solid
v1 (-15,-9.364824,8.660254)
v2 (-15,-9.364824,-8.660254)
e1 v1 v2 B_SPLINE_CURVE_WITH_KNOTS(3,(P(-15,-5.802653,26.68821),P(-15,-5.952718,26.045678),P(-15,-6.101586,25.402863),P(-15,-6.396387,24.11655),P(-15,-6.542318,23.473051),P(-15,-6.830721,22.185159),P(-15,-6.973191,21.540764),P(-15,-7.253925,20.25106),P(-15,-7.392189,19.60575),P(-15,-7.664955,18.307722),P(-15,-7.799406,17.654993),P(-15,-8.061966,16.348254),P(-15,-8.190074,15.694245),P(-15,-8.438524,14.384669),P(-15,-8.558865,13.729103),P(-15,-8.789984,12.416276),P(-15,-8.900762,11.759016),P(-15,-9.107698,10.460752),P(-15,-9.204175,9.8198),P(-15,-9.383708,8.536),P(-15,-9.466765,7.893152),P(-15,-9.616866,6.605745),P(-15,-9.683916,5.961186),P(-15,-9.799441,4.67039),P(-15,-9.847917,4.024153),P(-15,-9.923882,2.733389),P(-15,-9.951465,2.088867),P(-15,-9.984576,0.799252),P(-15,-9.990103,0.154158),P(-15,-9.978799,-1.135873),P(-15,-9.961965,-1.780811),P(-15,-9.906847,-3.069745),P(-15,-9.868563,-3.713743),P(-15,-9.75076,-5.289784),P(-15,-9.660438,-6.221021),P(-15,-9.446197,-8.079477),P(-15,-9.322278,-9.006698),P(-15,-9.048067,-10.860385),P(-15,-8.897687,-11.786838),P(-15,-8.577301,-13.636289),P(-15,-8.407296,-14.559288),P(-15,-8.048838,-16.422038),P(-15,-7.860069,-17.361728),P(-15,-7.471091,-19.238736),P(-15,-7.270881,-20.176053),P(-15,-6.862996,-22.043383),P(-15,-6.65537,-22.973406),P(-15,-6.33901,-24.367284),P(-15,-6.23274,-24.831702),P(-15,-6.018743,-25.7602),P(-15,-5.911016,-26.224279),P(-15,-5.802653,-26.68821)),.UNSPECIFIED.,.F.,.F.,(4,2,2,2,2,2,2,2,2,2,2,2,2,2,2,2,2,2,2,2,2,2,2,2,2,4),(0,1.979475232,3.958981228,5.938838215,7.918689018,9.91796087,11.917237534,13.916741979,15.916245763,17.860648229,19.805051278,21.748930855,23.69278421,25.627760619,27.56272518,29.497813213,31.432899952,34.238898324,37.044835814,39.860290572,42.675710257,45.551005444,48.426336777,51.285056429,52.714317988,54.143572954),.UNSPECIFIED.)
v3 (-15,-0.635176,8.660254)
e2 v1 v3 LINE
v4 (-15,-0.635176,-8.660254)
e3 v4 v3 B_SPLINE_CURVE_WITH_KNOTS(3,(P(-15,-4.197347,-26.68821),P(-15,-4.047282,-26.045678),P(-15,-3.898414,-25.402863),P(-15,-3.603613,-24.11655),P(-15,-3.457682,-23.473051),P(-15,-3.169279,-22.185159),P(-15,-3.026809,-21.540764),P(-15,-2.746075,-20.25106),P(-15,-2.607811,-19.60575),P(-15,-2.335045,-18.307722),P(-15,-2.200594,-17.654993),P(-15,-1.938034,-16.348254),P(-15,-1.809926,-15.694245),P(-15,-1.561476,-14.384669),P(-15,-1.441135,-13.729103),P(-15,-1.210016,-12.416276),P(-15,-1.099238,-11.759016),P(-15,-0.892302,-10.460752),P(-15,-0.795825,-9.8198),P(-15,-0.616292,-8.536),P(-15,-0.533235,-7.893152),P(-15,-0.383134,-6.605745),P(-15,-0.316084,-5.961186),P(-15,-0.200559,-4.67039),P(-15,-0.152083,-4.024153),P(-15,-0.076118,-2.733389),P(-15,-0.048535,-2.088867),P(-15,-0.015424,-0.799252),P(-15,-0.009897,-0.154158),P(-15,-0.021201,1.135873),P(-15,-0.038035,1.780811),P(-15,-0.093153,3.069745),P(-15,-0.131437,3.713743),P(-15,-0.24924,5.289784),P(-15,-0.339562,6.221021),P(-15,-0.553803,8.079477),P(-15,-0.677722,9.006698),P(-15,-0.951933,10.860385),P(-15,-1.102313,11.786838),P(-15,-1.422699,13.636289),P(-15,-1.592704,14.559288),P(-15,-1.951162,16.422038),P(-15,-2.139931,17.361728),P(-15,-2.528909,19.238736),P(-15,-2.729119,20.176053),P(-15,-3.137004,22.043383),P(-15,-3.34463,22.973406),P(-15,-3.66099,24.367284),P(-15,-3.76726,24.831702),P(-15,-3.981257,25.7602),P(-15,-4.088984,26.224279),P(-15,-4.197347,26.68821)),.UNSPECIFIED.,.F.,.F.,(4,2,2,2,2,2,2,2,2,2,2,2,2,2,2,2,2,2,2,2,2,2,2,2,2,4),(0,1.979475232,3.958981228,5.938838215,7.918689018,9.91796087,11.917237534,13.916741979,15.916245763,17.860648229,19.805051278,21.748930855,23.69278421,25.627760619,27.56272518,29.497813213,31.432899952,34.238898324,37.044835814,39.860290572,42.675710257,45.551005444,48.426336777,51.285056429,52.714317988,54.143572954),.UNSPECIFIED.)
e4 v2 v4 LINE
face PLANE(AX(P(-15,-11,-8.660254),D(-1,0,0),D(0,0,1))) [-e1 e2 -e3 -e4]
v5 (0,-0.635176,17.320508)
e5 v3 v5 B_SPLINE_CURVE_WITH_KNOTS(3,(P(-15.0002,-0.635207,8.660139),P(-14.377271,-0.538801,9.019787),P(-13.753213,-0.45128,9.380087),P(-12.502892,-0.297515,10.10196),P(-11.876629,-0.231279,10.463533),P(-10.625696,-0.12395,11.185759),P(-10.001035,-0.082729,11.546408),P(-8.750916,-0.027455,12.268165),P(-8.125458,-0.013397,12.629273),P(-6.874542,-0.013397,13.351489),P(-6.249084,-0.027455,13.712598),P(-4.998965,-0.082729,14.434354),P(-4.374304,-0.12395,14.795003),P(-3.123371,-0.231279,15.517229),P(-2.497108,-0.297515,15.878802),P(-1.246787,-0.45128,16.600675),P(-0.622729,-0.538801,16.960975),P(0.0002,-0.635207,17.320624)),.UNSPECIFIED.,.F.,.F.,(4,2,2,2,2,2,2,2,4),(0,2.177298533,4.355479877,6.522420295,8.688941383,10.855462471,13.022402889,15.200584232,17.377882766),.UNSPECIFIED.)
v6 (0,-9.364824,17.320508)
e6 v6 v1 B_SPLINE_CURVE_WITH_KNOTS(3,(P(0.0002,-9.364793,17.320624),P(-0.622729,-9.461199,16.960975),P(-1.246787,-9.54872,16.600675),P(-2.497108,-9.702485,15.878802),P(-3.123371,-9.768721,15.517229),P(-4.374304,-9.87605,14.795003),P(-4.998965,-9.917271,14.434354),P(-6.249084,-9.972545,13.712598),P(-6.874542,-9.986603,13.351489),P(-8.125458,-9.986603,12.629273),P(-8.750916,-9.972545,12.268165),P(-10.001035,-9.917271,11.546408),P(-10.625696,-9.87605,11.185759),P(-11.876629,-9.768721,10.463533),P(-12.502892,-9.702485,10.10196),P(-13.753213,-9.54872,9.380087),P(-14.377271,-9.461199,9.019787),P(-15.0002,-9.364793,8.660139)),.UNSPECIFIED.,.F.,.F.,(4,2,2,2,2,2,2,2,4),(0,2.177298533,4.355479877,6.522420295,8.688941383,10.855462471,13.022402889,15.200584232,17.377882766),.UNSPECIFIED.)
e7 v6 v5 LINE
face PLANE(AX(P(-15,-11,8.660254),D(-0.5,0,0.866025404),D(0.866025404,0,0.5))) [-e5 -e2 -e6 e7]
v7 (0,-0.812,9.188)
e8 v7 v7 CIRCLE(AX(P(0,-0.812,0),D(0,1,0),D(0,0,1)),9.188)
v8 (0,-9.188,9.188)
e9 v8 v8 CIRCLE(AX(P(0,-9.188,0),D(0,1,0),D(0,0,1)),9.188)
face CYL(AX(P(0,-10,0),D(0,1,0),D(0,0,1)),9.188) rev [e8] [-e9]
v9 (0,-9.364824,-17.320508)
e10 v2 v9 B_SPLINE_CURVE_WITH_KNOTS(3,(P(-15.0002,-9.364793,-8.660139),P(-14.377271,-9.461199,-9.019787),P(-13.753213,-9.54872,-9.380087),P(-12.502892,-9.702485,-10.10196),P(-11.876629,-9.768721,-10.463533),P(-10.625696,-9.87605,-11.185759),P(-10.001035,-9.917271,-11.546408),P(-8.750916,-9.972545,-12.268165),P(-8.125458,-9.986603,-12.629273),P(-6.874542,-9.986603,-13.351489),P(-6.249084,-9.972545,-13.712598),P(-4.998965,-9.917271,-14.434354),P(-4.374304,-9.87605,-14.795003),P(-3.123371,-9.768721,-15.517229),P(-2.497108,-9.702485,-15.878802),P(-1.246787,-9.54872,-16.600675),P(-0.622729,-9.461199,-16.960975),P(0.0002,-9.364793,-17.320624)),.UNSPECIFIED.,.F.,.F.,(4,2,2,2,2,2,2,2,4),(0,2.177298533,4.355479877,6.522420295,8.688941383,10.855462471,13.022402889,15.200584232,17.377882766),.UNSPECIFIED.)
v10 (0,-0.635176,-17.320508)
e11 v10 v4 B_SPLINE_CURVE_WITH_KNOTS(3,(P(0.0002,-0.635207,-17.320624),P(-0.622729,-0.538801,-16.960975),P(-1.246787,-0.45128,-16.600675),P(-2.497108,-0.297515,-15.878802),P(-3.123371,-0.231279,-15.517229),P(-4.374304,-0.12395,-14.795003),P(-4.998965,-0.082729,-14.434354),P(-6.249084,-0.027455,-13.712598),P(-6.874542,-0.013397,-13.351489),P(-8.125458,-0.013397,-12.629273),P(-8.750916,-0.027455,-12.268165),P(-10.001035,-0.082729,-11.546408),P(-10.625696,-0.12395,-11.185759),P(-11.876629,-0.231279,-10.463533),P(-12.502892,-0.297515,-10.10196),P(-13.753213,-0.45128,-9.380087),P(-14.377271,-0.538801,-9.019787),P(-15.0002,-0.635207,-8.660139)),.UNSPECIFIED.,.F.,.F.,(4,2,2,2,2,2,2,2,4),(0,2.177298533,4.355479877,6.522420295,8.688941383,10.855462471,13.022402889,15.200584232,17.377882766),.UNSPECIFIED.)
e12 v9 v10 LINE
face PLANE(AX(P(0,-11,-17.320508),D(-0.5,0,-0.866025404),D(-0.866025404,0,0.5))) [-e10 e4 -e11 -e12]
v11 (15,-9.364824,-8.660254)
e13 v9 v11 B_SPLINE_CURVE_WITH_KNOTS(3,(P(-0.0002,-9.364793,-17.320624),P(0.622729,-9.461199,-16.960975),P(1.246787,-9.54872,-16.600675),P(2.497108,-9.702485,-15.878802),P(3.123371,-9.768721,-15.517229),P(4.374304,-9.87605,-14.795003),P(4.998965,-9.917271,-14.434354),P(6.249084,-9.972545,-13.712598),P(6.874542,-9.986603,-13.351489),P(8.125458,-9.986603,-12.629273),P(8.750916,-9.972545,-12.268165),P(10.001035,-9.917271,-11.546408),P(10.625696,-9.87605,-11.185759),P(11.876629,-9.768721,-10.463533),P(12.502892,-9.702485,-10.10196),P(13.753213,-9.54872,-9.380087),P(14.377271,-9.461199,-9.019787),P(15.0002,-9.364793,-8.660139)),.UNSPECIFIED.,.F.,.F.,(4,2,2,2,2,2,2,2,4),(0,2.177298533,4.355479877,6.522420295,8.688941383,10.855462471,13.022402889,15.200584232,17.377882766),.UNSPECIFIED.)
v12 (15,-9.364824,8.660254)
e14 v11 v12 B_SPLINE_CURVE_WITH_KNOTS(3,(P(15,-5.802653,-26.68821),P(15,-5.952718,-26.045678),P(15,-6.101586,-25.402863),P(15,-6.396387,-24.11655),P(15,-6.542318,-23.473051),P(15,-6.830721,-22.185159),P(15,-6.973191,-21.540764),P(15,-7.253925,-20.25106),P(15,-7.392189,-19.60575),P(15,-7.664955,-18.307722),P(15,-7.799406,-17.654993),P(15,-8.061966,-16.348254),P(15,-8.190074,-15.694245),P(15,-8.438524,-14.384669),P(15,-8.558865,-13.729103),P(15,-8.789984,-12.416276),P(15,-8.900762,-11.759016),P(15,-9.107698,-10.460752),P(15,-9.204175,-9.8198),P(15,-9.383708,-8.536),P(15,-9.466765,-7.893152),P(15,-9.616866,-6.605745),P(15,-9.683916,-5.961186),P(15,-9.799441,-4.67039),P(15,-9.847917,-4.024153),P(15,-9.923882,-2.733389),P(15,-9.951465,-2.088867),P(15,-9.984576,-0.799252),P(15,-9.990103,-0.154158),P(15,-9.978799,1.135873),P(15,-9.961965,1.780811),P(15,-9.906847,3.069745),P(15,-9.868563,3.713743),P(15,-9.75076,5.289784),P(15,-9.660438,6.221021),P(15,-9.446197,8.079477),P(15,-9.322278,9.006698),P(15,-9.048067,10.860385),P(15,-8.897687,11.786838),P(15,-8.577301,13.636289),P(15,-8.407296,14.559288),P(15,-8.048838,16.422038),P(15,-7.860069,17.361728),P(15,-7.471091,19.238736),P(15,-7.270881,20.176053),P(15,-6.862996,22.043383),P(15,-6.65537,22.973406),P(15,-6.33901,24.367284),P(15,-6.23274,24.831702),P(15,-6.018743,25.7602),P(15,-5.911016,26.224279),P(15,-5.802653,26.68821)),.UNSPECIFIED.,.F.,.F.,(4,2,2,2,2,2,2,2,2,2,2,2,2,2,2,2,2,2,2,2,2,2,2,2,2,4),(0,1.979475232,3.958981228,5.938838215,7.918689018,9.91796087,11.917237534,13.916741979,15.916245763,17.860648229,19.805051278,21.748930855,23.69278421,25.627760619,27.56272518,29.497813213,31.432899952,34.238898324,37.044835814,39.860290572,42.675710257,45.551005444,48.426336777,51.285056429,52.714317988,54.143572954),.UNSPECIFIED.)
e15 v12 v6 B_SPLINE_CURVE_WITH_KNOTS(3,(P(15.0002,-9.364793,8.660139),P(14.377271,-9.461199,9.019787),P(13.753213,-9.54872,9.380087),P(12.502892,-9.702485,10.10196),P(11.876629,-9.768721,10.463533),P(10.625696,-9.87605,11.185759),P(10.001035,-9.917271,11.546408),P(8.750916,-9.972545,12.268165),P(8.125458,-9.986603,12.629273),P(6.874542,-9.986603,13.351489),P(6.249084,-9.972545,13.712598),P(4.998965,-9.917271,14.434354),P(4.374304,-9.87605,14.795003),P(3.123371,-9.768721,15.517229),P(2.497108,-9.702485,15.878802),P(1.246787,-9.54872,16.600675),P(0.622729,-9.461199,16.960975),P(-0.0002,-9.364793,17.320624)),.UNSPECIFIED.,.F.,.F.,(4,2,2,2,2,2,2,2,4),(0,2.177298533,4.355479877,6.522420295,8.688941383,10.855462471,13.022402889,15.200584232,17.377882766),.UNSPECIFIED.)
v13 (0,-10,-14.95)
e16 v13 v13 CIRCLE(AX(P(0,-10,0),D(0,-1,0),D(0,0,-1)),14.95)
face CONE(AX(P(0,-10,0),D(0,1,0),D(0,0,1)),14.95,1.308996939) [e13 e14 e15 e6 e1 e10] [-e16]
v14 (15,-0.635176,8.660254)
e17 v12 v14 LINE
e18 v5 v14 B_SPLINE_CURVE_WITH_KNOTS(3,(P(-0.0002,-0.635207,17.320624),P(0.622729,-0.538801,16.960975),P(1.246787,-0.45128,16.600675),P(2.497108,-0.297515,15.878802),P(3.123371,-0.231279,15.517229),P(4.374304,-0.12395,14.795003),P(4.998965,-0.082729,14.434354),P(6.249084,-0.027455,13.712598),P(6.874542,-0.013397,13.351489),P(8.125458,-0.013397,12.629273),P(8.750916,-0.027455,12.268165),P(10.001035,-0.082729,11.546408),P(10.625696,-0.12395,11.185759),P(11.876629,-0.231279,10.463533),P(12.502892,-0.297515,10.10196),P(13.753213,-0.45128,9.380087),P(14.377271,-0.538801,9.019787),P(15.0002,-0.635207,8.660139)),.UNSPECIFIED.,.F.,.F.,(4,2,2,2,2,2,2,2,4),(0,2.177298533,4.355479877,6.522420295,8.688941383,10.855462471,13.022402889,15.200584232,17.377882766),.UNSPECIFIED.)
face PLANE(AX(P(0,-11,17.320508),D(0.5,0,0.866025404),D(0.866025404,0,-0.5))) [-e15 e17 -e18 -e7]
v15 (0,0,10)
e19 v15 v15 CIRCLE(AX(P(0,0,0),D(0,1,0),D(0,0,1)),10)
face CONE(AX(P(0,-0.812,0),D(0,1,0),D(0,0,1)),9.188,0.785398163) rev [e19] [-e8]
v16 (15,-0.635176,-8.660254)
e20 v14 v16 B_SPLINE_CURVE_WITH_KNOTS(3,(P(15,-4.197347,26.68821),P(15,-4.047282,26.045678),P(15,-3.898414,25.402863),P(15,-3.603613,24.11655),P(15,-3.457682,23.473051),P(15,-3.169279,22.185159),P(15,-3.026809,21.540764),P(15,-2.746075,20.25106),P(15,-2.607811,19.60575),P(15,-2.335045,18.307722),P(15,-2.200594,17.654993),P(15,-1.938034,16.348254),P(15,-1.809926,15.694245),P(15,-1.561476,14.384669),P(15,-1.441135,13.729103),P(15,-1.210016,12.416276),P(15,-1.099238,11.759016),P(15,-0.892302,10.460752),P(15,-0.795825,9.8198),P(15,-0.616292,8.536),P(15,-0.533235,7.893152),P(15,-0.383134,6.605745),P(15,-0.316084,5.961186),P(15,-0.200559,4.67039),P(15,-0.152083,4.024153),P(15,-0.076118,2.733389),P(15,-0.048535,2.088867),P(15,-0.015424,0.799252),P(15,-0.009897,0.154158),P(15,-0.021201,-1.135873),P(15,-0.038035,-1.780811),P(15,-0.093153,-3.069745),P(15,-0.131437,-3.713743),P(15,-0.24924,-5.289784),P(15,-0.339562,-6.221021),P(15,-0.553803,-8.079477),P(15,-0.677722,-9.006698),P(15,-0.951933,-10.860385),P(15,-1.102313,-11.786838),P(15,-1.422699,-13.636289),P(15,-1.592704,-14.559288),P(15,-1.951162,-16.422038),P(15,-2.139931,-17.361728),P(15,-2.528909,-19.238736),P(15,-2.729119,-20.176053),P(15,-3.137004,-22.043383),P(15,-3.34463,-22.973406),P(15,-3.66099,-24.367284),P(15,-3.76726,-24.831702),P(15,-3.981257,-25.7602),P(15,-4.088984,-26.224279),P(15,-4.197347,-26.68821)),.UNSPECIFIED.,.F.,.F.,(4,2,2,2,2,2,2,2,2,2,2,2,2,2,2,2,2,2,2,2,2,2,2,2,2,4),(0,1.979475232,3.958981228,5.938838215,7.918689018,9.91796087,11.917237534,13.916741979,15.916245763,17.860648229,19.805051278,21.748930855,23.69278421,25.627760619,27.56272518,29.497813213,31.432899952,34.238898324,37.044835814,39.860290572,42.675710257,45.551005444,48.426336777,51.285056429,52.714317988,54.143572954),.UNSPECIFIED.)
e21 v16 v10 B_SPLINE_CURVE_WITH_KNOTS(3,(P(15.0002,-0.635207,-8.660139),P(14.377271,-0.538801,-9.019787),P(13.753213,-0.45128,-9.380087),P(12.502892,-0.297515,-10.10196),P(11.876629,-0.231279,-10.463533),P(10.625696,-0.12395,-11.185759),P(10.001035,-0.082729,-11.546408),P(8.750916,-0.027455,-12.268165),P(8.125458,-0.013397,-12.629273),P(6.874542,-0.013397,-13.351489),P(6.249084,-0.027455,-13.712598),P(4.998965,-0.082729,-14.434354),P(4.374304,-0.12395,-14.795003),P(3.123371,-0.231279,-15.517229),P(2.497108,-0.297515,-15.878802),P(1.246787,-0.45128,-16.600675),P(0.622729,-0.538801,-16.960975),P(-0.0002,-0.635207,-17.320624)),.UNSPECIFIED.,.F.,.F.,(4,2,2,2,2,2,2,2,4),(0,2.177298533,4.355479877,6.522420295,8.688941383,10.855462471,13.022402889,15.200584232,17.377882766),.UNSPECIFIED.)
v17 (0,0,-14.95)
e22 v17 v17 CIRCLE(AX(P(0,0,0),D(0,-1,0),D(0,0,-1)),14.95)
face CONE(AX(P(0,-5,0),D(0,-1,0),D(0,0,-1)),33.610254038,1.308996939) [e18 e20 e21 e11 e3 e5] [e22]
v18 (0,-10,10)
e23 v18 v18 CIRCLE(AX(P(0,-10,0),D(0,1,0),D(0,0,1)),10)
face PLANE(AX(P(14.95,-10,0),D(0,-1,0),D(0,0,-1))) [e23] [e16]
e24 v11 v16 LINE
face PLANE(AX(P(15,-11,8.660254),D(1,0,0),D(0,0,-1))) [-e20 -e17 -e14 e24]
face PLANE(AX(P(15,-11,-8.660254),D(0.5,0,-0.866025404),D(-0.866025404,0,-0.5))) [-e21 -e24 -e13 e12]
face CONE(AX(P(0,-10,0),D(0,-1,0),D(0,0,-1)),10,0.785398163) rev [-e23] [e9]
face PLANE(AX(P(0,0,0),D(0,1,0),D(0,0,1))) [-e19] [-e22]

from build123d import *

# Parameters (mm, degrees)
CUT_EXTRUDE1_DEPTH      = 11
CUT_EXTRUDE1_DEPTH_BACK = 11
SKETCH2_W               = 120
SKETCH2_H               = 120


with BuildPart() as part:
    # Sketch1 → Revolve1 (revolve)
    with BuildSketch(Plane.XY):
        Polygon((0, 0), (14.95, 0), (33.610254038, -5), (14.95, -10), (0, -10), align=None)
    revolve(axis=Axis((0, -10, 0), (0, 1, 0)))

    # Sketch2 → Cut-Extrude1 (cut, two sides: drawn at the far end of the back side and taken through both)
    with BuildSketch(Plane(origin=(0, 0, 0), x_dir=(1, 0, 0), z_dir=(0, 1, 0)).offset(-CUT_EXTRUDE1_DEPTH_BACK)):
        Rectangle(SKETCH2_W, SKETCH2_H)
        Polygon((-15, -8.660254038), (0, -17.320508076), (15, -8.660254038), (15, 8.660254038), (0, 17.320508076), (-15, 8.660254038), align=None, mode=Mode.SUBTRACT)
    extrude(amount=CUT_EXTRUDE1_DEPTH + CUT_EXTRUDE1_DEPTH_BACK, mode=Mode.SUBTRACT)

    # Sketch3 → Cut-Revolve1 (revolve, cut)
    with BuildSketch(Plane.XY):
        Polygon((0, 0), (10, 0), (9.188, -0.812), (9.188, -9.188), (10, -10), (0, -10), align=None)
    revolve(axis=Axis((0, -10, 0), (0, 1, 0)), mode=Mode.SUBTRACT)


solid = part.part
